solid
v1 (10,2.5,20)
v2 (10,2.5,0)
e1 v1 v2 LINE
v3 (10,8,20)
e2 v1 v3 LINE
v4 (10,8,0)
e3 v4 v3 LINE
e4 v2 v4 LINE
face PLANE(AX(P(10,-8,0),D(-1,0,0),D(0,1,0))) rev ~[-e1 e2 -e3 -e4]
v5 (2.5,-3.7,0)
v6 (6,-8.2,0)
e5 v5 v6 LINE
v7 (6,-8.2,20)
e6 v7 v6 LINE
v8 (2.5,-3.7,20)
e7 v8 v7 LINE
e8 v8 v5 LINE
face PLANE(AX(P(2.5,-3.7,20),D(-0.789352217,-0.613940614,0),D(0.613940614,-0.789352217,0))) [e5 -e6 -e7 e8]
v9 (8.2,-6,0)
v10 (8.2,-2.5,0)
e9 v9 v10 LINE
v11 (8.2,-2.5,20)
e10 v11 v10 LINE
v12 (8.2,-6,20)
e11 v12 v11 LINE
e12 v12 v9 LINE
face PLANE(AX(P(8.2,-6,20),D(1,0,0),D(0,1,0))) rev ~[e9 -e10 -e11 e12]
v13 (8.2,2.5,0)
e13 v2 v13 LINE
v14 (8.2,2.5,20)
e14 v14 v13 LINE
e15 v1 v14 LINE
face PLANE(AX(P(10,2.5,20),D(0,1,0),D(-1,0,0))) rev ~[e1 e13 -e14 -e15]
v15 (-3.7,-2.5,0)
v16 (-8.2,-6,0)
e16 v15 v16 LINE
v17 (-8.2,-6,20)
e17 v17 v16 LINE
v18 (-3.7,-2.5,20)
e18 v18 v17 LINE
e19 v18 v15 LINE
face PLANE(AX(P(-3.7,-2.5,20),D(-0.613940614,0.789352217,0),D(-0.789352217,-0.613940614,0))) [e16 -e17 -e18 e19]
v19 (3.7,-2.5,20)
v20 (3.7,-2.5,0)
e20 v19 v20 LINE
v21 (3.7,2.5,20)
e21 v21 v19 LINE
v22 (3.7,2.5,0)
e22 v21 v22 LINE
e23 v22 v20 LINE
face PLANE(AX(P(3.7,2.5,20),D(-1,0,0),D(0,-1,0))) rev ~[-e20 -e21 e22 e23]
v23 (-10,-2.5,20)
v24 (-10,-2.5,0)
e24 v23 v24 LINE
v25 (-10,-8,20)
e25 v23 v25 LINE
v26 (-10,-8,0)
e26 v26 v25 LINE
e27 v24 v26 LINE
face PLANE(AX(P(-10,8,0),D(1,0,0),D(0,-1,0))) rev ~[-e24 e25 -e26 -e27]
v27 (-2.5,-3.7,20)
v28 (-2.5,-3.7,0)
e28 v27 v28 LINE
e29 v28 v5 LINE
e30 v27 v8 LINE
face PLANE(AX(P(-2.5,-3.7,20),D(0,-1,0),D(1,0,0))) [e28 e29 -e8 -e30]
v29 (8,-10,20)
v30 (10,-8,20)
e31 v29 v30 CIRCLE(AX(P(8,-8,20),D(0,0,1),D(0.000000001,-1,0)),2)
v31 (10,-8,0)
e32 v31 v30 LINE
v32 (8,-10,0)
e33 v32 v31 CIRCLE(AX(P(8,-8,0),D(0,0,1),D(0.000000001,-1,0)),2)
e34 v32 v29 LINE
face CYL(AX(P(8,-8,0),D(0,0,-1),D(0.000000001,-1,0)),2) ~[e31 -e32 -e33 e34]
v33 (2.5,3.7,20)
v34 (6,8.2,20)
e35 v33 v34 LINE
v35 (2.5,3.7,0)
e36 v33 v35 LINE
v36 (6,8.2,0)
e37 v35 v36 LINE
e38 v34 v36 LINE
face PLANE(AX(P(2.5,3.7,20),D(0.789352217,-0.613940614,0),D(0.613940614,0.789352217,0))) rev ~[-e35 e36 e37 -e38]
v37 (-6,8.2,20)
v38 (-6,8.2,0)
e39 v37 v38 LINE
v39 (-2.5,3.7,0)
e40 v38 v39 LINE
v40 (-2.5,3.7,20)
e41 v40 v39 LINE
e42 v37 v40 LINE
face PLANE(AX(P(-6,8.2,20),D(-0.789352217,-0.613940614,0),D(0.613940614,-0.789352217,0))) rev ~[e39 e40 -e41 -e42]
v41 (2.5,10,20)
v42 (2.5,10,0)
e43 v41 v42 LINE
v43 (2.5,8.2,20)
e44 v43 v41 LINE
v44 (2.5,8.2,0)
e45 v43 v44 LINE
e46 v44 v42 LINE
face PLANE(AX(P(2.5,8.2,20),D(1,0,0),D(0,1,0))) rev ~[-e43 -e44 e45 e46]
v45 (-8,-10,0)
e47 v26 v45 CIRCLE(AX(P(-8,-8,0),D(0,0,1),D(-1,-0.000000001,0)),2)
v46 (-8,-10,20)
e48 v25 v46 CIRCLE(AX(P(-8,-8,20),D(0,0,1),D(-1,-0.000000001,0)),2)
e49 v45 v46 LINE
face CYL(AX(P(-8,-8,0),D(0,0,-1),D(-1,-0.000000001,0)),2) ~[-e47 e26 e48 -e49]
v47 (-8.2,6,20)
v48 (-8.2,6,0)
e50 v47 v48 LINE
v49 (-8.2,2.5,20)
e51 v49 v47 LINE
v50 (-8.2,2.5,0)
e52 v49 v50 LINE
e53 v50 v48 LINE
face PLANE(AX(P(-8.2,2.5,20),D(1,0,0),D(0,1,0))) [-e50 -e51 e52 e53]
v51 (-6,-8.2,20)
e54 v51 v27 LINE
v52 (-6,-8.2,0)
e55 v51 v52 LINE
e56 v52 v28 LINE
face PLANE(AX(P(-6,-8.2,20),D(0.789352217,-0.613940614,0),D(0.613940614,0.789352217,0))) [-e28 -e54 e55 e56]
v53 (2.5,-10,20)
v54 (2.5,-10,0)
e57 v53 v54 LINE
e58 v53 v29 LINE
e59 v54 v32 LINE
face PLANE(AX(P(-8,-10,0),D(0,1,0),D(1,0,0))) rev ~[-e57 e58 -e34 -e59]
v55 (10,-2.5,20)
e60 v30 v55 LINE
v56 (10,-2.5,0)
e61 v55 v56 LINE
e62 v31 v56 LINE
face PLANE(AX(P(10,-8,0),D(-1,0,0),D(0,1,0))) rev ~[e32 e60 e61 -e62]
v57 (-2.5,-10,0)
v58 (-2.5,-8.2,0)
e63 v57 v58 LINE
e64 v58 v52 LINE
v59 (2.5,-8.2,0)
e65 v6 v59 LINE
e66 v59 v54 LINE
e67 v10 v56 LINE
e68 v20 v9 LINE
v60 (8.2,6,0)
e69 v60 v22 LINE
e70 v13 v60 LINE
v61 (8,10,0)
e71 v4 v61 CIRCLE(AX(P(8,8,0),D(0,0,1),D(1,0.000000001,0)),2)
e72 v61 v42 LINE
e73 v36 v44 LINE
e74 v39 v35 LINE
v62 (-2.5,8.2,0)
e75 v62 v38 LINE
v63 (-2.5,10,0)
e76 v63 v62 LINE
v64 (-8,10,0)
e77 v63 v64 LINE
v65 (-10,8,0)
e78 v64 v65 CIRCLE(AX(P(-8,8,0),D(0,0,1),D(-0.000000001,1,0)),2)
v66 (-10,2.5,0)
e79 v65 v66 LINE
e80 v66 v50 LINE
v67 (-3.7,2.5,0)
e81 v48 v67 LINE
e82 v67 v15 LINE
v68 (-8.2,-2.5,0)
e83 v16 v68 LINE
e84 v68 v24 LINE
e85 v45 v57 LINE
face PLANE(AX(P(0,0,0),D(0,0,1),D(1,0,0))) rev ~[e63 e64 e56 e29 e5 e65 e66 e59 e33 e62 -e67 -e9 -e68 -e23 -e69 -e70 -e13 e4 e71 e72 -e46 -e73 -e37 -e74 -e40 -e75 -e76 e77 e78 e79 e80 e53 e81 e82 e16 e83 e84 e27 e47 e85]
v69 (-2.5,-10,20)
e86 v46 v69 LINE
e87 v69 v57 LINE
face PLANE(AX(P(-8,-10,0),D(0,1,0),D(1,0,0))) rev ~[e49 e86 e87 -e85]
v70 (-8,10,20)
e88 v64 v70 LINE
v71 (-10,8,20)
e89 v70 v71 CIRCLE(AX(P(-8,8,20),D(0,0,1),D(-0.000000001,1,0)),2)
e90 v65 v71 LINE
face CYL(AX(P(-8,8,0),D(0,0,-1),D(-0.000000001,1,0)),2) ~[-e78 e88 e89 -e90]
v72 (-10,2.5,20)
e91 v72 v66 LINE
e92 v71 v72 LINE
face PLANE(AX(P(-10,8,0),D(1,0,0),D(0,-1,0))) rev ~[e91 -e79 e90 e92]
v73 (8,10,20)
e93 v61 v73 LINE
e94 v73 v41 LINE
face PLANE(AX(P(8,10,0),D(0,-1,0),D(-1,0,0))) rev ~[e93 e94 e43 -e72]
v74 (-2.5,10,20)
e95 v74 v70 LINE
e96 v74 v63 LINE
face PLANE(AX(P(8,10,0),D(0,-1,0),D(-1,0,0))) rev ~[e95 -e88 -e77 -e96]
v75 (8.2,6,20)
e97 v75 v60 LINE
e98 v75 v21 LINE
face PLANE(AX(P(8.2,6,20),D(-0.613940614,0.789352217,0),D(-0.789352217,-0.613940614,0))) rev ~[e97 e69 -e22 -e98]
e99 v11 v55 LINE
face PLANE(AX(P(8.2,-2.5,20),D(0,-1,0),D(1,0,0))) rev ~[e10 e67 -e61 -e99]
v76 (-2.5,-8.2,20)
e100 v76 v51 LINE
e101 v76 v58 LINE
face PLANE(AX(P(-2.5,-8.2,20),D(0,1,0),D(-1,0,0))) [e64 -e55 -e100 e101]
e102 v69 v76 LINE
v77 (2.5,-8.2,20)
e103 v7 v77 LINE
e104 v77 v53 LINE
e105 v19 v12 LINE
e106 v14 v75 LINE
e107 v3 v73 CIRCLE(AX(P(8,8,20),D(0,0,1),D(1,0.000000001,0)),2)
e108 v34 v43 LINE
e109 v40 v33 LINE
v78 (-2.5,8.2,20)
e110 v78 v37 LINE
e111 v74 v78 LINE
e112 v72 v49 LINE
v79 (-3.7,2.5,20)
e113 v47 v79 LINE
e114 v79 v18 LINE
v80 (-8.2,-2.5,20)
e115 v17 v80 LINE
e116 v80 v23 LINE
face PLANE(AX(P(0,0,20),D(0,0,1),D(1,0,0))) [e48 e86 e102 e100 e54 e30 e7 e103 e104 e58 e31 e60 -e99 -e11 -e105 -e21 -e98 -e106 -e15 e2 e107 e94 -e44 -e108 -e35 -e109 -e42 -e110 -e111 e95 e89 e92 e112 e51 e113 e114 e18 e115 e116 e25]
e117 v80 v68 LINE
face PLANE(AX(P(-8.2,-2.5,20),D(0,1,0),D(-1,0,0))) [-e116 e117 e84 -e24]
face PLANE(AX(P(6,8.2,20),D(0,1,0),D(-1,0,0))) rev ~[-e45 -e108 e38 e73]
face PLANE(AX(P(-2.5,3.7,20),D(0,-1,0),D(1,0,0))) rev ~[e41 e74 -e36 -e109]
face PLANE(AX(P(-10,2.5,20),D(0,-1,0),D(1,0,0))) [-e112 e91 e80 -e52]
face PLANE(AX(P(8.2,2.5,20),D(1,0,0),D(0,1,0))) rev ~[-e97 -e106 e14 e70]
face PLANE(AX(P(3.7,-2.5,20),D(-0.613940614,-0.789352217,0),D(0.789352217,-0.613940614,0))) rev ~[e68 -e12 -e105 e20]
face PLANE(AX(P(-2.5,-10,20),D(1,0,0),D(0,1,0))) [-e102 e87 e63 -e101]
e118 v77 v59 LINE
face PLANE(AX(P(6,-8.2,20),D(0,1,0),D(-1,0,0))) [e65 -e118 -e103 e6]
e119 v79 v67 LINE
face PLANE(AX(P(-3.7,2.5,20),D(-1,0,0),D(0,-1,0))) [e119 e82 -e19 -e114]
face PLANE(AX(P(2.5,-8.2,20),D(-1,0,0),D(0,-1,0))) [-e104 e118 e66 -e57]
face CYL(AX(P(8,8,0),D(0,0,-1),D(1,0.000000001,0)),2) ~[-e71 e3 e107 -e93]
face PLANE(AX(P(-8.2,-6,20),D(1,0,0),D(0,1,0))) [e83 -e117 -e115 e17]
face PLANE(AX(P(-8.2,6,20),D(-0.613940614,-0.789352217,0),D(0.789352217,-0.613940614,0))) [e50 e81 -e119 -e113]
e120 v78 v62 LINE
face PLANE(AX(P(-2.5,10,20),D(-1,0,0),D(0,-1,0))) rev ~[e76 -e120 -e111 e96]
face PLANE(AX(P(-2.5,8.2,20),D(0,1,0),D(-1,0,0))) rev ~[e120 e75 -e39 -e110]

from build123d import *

# Parameters (mm, degrees)
EXTRUSION1_DEPTH        = 20
ENL_V_MAT_EXTRU_1_DEPTH = 300
ENL_V_MAT_EXTRU_3_DEPTH = 300
ENL_V_MAT_EXTRU_4_DEPTH = 21
ENL_V_MAT_EXTRU_7_DEPTH = 21


with BuildPart() as part:
    # Esquisse1 → Extrusion1 (new body)
    with BuildSketch(Plane.XY):
        with BuildLine():
            Line((-10, 8), (-10, -8))
            ThreePointArc((-10, -8), (-9.414213562, -9.414213562), (-8, -10))
            Line((-8, -10), (8, -10))
            ThreePointArc((8, -10), (9.414213562, -9.414213562), (10, -8))
            Line((10, -8), (10, 8))
            ThreePointArc((10, 8), (9.414213562, 9.414213562), (8, 10))
            Line((8, 10), (-8, 10))
            ThreePointArc((-8, 10), (-9.414213562, 9.414213562), (-10, 8))
        make_face()
    extrude(amount=EXTRUSION1_DEPTH)

    # Esquisse3 → Enlèv. mat.-Extru.1 (cut)
    with BuildSketch(Plane.XY.offset(20)):
        Polygon((10, 2.5), (8.2, 2.5), (8.2, 6), (3.7, 2.5), (3.7, -2.5), (8.2, -6), (8.2, -2.5), (10, -2.5), align=None)
    extrude(amount=-ENL_V_MAT_EXTRU_1_DEPTH, mode=Mode.SUBTRACT)

    # Esquisse5 → Enlèv. mat.-Extru.3 (cut)
    with BuildSketch(Plane.XY.offset(20)):
        Polygon((-2.5, 10), (-2.5, 8.2), (-6, 8.2), (-2.5, 3.7), (2.5, 3.7), (6, 8.2), (2.5, 8.2), (2.5, 10), align=None)
    extrude(amount=-ENL_V_MAT_EXTRU_3_DEPTH, mode=Mode.SUBTRACT)

    # Esquisse6 → Enlèv. mat.-Extru.4 (cut, through all)
    with BuildSketch(Plane.XY.offset(20)):
        Polygon((-2.5, -10), (-2.5, -8.2), (-6, -8.2), (-2.5, -3.7), (2.5, -3.7), (6, -8.2), (2.5, -8.2), (2.5, -10), align=None)
    extrude(amount=-ENL_V_MAT_EXTRU_4_DEPTH, mode=Mode.SUBTRACT)

    # Esquisse4 → Enlèv. mat.-Extru.7 (cut, through all)
    with BuildSketch(Plane.XY.offset(20)):
        Polygon((-10, 2.5), (-8.2, 2.5), (-8.2, 6), (-3.7, 2.5), (-3.7, -2.5), (-8.2, -6), (-8.2, -2.5), (-10, -2.5), align=None)
    extrude(amount=-ENL_V_MAT_EXTRU_7_DEPTH, mode=Mode.SUBTRACT)


solid = part.part
